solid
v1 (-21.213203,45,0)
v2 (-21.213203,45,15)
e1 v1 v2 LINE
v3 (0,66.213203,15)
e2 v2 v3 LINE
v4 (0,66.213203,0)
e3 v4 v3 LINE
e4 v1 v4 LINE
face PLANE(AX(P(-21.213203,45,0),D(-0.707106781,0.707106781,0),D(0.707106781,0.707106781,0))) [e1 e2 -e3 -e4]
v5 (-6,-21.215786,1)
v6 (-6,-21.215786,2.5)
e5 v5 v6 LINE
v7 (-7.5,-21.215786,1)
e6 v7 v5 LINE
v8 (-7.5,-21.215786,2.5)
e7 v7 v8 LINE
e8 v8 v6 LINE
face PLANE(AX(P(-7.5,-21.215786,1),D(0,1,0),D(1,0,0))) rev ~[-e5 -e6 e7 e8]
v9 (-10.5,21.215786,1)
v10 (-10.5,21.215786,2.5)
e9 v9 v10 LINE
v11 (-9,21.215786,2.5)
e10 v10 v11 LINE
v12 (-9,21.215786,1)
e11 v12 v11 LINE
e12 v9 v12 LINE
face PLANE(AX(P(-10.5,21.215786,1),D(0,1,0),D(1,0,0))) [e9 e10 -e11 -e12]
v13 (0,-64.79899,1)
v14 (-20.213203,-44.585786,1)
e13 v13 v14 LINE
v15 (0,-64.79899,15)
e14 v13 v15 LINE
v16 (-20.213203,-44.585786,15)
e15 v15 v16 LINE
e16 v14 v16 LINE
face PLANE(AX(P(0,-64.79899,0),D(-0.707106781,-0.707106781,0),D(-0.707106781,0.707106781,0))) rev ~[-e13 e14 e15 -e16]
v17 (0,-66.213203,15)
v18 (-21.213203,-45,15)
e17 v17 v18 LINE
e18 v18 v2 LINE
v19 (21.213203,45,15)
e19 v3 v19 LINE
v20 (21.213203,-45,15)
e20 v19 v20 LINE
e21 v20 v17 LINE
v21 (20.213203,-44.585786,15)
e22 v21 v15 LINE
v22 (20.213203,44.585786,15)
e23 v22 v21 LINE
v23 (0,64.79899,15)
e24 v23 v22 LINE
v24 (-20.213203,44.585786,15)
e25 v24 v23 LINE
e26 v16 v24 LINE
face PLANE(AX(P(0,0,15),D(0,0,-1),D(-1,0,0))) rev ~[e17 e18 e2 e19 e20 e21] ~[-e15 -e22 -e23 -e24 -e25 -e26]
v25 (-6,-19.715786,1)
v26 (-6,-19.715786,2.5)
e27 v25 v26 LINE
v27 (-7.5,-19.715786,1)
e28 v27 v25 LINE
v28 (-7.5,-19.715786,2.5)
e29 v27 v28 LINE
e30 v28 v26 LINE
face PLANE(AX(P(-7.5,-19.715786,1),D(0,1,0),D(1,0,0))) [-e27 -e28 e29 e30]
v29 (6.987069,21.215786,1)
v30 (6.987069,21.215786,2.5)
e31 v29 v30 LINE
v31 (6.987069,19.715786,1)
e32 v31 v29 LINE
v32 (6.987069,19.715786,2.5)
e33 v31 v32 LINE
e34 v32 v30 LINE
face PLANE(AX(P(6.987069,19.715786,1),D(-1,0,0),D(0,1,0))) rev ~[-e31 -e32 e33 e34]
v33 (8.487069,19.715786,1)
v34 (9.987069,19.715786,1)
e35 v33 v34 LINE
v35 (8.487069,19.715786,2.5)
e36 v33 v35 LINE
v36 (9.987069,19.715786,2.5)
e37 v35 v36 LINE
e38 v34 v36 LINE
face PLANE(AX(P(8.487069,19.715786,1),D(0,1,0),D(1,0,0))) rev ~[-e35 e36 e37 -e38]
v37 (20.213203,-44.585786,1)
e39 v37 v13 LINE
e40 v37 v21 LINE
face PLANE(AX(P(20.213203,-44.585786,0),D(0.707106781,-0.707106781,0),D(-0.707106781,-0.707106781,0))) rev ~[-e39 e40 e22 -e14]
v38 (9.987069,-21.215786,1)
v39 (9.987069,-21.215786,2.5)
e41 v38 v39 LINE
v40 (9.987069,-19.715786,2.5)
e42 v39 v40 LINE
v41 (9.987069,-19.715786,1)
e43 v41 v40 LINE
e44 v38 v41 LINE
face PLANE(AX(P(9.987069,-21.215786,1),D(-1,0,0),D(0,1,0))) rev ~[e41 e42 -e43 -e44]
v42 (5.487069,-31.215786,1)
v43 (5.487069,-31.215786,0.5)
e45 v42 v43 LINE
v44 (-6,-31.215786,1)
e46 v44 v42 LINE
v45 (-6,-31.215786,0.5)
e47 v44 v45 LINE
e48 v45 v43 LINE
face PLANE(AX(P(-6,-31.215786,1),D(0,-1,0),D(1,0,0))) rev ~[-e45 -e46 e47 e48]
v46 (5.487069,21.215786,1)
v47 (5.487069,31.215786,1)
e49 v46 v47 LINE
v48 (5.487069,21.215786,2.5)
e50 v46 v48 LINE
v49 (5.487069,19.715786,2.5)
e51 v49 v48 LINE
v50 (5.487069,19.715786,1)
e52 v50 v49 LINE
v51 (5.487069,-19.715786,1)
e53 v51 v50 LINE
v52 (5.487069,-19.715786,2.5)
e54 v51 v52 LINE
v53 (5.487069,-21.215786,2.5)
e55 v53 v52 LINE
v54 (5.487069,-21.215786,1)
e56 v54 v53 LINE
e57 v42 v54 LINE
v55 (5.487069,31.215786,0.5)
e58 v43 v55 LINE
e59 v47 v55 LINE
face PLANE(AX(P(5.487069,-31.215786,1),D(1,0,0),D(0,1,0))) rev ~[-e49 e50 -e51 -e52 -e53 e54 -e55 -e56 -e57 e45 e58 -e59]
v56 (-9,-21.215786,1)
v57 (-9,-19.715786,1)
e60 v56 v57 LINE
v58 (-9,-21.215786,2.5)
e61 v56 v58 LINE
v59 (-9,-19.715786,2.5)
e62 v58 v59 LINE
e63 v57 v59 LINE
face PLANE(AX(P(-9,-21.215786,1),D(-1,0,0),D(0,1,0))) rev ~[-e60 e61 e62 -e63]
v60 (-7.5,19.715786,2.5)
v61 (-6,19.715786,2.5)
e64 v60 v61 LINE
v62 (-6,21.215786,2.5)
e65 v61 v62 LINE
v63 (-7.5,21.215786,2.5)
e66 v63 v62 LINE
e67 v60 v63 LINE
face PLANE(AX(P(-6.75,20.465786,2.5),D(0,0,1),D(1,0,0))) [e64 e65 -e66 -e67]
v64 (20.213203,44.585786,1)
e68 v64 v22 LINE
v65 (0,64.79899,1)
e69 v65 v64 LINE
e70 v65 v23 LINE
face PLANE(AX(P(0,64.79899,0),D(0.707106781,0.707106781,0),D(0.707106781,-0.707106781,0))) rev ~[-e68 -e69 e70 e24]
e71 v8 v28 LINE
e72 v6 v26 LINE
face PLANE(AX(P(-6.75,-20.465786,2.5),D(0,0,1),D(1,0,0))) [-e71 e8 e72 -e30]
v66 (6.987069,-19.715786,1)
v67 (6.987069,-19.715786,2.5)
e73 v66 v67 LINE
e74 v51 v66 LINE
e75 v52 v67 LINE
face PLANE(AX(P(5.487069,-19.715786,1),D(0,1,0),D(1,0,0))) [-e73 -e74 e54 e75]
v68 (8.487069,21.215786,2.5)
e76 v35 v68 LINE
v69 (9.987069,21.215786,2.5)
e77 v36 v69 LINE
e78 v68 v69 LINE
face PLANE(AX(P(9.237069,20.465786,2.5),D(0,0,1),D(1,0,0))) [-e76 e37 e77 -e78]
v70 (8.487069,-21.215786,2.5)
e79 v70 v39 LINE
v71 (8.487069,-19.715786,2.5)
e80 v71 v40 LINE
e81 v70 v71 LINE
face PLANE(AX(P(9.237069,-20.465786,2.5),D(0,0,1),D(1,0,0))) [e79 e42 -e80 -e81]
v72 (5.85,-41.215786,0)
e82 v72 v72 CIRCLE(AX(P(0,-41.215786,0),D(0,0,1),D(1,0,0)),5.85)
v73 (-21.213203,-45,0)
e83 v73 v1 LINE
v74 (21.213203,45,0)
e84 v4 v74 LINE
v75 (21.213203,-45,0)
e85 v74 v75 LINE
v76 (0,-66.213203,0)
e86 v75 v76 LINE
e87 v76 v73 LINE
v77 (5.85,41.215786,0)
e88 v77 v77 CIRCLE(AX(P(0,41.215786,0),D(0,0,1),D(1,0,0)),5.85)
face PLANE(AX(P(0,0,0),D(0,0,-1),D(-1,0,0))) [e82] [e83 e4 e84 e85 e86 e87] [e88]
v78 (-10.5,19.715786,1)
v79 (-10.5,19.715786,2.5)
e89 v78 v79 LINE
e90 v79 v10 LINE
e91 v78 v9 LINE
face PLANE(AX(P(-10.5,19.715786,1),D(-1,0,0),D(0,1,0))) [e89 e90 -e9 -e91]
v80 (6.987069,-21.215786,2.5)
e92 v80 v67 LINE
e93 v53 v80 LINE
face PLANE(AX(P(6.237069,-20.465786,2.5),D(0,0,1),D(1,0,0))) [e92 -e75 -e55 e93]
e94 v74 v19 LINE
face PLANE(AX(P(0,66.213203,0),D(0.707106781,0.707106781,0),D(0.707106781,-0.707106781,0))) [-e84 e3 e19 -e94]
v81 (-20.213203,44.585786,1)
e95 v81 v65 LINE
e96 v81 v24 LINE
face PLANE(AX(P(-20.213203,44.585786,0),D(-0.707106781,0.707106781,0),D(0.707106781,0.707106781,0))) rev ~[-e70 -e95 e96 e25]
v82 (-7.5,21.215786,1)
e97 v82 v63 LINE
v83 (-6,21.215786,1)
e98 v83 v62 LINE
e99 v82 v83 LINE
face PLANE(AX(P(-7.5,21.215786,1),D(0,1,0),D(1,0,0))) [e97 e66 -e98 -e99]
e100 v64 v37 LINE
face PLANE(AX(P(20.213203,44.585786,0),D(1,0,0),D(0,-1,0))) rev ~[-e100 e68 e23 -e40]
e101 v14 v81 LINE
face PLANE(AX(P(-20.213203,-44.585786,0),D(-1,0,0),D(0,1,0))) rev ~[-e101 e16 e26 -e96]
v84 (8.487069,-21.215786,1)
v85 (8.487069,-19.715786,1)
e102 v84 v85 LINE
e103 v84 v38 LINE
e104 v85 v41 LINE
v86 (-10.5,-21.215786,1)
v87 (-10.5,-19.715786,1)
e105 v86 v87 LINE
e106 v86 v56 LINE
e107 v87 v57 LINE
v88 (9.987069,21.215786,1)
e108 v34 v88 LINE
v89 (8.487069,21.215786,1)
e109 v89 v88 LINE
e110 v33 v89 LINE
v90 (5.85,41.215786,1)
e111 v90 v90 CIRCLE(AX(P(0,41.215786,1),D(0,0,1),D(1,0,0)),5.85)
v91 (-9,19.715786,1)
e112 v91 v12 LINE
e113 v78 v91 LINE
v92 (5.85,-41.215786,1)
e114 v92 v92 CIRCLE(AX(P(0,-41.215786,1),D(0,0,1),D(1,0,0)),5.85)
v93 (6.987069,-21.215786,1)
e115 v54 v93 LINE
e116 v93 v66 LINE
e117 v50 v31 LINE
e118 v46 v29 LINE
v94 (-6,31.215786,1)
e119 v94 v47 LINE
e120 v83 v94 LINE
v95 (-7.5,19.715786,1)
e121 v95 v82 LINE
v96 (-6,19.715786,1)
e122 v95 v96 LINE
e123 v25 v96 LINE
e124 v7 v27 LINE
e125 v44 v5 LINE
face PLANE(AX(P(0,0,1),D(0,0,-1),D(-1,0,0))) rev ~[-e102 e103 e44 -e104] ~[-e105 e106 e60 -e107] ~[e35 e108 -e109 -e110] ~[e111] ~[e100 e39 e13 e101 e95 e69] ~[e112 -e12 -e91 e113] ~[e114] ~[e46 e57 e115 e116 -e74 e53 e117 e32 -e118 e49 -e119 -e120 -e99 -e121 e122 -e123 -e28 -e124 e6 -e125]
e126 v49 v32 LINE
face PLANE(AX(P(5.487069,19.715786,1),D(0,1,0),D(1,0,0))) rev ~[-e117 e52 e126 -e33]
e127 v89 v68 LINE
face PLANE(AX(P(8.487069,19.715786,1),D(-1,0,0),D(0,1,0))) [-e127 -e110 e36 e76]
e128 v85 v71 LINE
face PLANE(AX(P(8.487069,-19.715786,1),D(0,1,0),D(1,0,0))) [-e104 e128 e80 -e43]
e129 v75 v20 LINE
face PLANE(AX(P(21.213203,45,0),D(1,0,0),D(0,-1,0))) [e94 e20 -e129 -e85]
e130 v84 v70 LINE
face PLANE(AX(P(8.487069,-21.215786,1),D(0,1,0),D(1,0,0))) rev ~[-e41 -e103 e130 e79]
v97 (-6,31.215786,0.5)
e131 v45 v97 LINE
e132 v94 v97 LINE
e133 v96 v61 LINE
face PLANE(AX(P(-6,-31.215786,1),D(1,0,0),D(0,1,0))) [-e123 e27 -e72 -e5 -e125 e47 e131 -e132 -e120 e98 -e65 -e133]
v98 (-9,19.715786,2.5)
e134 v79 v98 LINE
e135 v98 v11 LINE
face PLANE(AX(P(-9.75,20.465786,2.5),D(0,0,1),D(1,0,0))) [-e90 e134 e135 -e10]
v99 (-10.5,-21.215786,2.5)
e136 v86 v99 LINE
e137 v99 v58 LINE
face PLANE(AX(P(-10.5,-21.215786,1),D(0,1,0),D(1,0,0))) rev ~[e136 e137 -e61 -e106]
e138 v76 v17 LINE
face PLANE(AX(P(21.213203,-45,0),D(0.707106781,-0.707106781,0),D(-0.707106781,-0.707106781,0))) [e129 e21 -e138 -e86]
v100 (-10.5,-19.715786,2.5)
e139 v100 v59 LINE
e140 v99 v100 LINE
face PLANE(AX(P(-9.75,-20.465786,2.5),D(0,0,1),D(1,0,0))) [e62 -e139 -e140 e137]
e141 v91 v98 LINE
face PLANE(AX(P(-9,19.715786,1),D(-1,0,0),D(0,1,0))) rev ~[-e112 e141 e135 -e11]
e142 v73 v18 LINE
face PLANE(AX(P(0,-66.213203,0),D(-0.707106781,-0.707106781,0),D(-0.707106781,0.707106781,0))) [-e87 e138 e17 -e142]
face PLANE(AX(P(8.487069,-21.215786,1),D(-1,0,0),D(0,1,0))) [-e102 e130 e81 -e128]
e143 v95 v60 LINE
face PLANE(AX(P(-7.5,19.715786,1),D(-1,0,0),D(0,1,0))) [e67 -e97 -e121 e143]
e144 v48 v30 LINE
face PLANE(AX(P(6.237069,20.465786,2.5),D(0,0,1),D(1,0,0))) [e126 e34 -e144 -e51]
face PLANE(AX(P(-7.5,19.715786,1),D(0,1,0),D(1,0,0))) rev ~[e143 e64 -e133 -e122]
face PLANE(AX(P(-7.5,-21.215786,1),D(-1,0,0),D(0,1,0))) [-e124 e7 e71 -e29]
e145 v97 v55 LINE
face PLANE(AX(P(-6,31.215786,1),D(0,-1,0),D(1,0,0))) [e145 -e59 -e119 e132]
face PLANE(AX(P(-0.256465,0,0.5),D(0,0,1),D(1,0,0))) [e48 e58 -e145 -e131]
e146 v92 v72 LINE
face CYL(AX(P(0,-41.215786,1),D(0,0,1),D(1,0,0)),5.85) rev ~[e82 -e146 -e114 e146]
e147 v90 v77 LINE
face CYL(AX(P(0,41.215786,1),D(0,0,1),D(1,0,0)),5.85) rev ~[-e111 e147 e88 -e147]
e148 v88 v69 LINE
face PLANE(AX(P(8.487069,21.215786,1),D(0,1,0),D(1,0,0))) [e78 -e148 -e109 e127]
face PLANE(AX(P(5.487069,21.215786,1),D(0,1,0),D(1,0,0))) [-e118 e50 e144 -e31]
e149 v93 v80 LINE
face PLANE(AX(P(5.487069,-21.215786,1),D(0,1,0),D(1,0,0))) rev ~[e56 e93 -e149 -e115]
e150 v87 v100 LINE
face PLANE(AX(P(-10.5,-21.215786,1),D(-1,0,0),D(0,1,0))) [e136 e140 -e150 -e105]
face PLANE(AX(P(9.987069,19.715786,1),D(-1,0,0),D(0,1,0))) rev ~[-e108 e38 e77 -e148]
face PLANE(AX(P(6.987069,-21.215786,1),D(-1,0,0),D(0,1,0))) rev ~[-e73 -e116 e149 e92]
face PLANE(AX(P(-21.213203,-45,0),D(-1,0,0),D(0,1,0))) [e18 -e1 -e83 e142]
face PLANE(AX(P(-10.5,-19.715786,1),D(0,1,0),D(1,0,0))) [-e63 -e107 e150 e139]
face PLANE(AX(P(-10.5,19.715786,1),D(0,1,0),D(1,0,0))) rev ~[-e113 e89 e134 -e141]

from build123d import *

# Parameters (mm, degrees)
EXTRUDE_3_DEPTH                 = 15
EXTRUDE_2_DEPTH                 = 1
SKETCH_4_R                      = 5.85
CUT_EXTRUDE_1_DEPTH             = 2
SKIZZE1_W                       = 11.487069154
SKIZZE1_H                       = 62.431572876
SCHNITT_LINEAR_AUSTRAGEN1_DEPTH = 0.5
SKIZZE2_W                       = 1.5
SKIZZE2_H                       = 1.5
AUFSATZ_LINEAR_AUSTRAGEN1_DEPTH = 1.5


with BuildPart() as part:
    # Эскиз1 → Вытянуть-Тонкостенный3 (new body)
    with BuildSketch(Plane.XY):
        Polygon((-21.213203436, -45), (-21.213203436, 45), (0, 66.213203436), (21.213203436, 45), (21.213203436, -45), (0, -66.213203436), align=None)
        Polygon((-20.213203436, -44.585786438), (-20.213203436, 44.585786438), (0, 64.798989873), (20.213203436, 44.585786438), (20.213203436, -44.585786438), (0, -64.798989873), align=None, mode=Mode.SUBTRACT)
    extrude(amount=EXTRUDE_3_DEPTH)

    # Эскиз2 → Бобышка-Вытянуть2 (add)
    with BuildSketch(Plane(origin=(0, 0, 0), x_dir=(-1, 0, 0), z_dir=(0, 0, -1))):
        Polygon((-20.213203436, -44.585786438), (0, -64.798989873), (20.213203436, -44.585786438), (20.213203436, 44.585786438), (0, 64.798989873), (-20.213203436, 44.585786438), align=None)
    extrude(amount=-EXTRUDE_2_DEPTH)

    # Эскиз4 → Вырез-Вытянуть1 (cut)
    with BuildSketch(Plane.XY.offset(1)):
        with Locations((0, 41.215786438)):
            Circle(SKETCH_4_R)
        with Locations((0, -41.215786438)):
            Circle(SKETCH_4_R)
    extrude(amount=-CUT_EXTRUDE_1_DEPTH, mode=Mode.SUBTRACT)

    # Skizze1 → Schnitt-Linear austragen1 (cut)
    with BuildSketch(Plane.XY.offset(1)):
        with Locations((-0.256465423, 0)):
            Rectangle(SKIZZE1_W, SKIZZE1_H)
    extrude(amount=-SCHNITT_LINEAR_AUSTRAGEN1_DEPTH, mode=Mode.SUBTRACT)

    # Skizze2 → Aufsatz-Linear austragen1 (add)
    with BuildSketch(Plane.XY.offset(1)):
        with Locations((6.237069154, 20.465786438)):
            Rectangle(SKIZZE2_W, SKIZZE2_H)
        with Locations((9.237069154, 20.465786438)):
            Rectangle(SKIZZE2_W, SKIZZE2_H)
        with Locations((-6.75, 20.465786438)):
            Rectangle(SKIZZE2_W, SKIZZE2_H)
        with Locations((-9.75, 20.465786438)):
            Rectangle(SKIZZE2_W, SKIZZE2_H)
        with Locations((6.237069154, -20.465786438)):
            Rectangle(SKIZZE2_W, SKIZZE2_H)
        with Locations((9.237069154, -20.465786438)):
            Rectangle(SKIZZE2_W, SKIZZE2_H)
        with Locations((-6.75, -20.465786438)):
            Rectangle(SKIZZE2_W, SKIZZE2_H)
        with Locations((-9.75, -20.465786438)):
            Rectangle(SKIZZE2_W, SKIZZE2_H)
    extrude(amount=AUFSATZ_LINEAR_AUSTRAGEN1_DEPTH)


solid = part.part
